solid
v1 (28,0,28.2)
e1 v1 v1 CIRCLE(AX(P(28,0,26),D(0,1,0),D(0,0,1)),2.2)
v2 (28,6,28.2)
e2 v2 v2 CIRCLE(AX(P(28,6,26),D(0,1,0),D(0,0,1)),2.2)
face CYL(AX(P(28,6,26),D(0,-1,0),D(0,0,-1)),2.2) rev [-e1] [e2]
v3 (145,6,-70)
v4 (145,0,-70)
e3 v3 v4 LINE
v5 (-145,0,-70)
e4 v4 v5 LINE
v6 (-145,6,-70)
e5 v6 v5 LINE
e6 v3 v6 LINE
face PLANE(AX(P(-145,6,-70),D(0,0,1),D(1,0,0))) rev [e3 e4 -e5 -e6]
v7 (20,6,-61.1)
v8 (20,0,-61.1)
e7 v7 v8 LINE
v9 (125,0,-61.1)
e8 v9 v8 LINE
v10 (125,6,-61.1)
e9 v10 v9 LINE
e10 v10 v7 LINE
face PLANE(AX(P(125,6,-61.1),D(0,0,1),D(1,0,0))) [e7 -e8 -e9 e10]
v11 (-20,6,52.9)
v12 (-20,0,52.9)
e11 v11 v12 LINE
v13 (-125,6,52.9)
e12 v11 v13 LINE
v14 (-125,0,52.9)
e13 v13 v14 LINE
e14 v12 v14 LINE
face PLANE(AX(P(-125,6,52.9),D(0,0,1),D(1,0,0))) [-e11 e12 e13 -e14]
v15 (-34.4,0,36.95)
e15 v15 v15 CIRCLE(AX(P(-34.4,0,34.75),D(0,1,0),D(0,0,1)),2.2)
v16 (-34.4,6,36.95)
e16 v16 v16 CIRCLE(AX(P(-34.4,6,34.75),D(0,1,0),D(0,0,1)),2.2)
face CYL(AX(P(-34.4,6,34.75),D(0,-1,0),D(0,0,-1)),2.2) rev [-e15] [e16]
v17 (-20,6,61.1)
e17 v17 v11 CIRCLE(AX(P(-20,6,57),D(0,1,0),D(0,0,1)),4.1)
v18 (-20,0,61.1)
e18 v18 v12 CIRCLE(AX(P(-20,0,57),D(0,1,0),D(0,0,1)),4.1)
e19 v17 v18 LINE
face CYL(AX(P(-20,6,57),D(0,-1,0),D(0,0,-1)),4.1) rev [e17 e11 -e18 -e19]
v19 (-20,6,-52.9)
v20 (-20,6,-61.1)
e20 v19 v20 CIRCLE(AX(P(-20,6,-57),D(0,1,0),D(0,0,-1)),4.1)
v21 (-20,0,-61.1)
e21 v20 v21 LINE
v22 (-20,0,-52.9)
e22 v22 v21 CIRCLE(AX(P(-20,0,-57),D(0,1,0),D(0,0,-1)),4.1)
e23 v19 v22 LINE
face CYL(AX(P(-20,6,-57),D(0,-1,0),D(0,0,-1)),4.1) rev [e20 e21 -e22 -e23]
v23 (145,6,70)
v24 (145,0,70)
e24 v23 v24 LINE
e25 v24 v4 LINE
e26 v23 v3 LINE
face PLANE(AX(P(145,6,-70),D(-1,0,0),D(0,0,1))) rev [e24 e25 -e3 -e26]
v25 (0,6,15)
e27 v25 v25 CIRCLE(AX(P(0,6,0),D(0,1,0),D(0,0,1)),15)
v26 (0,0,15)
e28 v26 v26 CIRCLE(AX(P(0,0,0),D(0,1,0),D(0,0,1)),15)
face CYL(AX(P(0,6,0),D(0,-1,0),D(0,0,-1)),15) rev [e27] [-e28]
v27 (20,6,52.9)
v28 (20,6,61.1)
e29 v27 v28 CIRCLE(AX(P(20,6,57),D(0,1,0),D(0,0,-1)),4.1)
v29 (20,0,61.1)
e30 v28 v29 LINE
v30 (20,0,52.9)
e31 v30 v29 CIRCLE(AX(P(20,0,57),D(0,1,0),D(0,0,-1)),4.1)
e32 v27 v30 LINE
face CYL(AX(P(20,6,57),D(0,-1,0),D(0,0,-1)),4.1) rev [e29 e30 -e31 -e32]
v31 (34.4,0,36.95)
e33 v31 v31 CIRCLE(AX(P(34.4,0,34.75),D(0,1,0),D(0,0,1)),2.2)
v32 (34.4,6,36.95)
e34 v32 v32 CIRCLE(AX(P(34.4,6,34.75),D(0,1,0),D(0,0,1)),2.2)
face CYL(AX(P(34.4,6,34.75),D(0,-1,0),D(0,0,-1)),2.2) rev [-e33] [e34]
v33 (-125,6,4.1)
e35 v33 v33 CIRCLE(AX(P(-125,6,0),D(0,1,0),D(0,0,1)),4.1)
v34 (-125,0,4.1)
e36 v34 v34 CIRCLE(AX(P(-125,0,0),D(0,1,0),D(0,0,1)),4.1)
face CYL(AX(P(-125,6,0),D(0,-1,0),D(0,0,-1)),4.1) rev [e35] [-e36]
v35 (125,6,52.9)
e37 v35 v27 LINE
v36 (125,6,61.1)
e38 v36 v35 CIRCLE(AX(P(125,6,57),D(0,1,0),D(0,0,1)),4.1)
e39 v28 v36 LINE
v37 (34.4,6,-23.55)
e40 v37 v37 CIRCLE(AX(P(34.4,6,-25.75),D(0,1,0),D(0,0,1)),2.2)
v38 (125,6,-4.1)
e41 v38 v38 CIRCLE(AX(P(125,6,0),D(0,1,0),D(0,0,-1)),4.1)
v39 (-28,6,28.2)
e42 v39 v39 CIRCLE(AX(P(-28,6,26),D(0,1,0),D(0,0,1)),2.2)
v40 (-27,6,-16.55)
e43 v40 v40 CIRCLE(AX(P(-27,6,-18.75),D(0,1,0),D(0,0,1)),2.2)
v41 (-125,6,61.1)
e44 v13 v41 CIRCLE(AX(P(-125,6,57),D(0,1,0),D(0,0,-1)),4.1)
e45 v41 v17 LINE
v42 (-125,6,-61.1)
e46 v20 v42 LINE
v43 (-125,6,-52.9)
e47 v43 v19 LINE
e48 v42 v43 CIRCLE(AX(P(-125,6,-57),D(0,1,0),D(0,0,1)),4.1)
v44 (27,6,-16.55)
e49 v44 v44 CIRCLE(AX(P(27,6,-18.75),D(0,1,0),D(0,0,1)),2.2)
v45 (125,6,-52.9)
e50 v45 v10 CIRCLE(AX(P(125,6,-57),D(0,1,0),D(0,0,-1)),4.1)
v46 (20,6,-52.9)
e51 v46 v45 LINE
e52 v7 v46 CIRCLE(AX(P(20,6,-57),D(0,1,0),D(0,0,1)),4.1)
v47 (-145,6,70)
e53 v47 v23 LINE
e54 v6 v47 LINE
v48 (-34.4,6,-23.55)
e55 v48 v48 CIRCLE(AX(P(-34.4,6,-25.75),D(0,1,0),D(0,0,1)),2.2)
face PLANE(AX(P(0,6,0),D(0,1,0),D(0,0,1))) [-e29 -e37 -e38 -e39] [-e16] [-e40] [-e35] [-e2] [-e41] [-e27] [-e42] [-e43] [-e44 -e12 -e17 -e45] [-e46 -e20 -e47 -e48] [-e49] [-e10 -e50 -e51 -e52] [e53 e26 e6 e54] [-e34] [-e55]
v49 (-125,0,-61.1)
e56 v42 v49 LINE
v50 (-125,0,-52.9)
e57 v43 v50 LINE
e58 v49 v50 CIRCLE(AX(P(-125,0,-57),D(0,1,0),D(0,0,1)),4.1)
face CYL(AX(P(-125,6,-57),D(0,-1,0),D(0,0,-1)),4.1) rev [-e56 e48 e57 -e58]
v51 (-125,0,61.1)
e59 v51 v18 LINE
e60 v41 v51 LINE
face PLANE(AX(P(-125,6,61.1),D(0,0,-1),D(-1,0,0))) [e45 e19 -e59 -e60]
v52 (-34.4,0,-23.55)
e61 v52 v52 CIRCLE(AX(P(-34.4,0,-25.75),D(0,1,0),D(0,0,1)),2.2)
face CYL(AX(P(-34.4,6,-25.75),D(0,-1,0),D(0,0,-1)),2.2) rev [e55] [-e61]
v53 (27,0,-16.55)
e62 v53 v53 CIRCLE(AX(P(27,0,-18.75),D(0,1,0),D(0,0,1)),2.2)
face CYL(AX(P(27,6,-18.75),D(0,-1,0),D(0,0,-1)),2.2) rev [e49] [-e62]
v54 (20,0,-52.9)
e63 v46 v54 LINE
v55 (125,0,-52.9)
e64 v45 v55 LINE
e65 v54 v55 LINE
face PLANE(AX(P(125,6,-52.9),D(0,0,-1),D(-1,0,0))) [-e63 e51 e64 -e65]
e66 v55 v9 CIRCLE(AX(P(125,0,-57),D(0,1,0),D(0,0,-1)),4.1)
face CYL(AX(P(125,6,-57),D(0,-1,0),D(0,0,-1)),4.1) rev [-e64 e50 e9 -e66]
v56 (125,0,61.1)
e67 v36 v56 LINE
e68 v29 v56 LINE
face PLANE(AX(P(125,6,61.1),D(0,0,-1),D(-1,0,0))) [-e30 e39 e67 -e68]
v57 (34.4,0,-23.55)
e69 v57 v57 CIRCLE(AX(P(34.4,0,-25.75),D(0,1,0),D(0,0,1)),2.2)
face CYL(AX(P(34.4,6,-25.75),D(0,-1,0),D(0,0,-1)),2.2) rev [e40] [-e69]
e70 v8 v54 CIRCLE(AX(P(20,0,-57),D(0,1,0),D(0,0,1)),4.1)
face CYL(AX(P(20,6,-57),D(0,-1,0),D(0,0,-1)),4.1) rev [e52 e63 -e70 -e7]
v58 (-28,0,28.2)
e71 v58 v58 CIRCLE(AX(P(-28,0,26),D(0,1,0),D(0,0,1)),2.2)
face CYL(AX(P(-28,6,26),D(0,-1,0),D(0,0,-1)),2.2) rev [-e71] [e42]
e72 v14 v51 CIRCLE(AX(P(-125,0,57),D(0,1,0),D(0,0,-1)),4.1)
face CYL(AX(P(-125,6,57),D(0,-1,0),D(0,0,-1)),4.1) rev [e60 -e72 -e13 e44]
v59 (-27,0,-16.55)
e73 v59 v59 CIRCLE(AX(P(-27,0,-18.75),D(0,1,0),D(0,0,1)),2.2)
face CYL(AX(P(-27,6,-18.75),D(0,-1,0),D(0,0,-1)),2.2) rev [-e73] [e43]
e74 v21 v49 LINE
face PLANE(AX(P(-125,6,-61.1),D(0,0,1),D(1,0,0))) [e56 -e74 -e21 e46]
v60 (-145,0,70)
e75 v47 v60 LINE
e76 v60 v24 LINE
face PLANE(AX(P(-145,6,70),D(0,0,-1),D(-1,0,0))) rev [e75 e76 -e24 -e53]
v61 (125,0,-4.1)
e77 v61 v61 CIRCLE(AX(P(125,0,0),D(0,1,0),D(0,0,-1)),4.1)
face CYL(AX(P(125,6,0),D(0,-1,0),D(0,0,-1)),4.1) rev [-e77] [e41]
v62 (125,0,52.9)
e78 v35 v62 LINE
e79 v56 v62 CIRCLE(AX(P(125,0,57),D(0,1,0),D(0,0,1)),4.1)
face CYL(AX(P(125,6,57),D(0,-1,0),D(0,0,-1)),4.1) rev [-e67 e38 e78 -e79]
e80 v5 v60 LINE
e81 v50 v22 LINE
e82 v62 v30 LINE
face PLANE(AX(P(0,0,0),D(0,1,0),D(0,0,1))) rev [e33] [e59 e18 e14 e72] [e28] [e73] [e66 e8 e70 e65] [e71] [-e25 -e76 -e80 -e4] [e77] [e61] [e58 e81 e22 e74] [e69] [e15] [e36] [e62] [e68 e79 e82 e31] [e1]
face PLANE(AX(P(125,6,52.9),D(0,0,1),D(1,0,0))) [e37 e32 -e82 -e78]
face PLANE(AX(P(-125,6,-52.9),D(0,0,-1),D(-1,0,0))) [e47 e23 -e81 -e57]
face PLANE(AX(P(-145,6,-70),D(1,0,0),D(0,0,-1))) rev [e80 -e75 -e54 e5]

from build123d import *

# Parameters (mm, degrees)
SKETCH_1_W      = 290
SKETCH_1_H      = 140
SKETCH_1_R      = 4.1
SKETCH_1_R_2    = 15
SKETCH_1_R_3    = 2.2
EXTRUDE_1_DEPTH = 6


with BuildPart() as part:
    # Эскиз1 → Бобышка-Вытянуть1 (new body)
    with BuildSketch(Plane(origin=(0, 0, 0), x_dir=(1, 0, 0), z_dir=(0, 1, 0))):
        Rectangle(SKETCH_1_W, SKETCH_1_H)
        with Locations((-125, 0)):
            Circle(SKETCH_1_R, mode=Mode.SUBTRACT)
        with Locations((125, 0)):
            Circle(SKETCH_1_R, mode=Mode.SUBTRACT)
        Circle(SKETCH_1_R_2, mode=Mode.SUBTRACT)
        with Locations((-34.4, 25.75)):
            Circle(SKETCH_1_R_3, mode=Mode.SUBTRACT)
        with Locations((34.4, 25.75)):
            Circle(SKETCH_1_R_3, mode=Mode.SUBTRACT)
        with Locations((-28, -26)):
            Circle(SKETCH_1_R_3, mode=Mode.SUBTRACT)
        with Locations((-34.4, -34.75)):
            Circle(SKETCH_1_R_3, mode=Mode.SUBTRACT)
        with Locations((-27, 18.75)):
            Circle(SKETCH_1_R_3, mode=Mode.SUBTRACT)
        with Locations((28, -26)):
            Circle(SKETCH_1_R_3, mode=Mode.SUBTRACT)
        with Locations((27, 18.75)):
            Circle(SKETCH_1_R_3, mode=Mode.SUBTRACT)
        with Locations((34.4, -34.75)):
            Circle(SKETCH_1_R_3, mode=Mode.SUBTRACT)
        with BuildLine():
            Line((-125, 61.1), (-20, 61.1))
            ThreePointArc((-20, 61.1), (-15.9, 57), (-20, 52.9))
            Line((-20, 52.9), (-125, 52.9))
            ThreePointArc((-125, 52.9), (-129.1, 57), (-125, 61.1))
        make_face(mode=Mode.SUBTRACT)
        with BuildLine():
            Line((-125, -52.9), (-20, -52.9))
            ThreePointArc((-20, -52.9), (-15.9, -57), (-20, -61.1))
            Line((-20, -61.1), (-125, -61.1))
            ThreePointArc((-125, -61.1), (-129.1, -57), (-125, -52.9))
        make_face(mode=Mode.SUBTRACT)
        with BuildLine():
            Line((125, -61.1), (20, -61.1))
            ThreePointArc((20, -61.1), (15.9, -57), (20, -52.9))
            Line((20, -52.9), (125, -52.9))
            ThreePointArc((125, -52.9), (129.1, -57), (125, -61.1))
        make_face(mode=Mode.SUBTRACT)
        with BuildLine():
            Line((125, 52.9), (20, 52.9))
            ThreePointArc((20, 52.9), (15.9, 57), (20, 61.1))
            Line((20, 61.1), (125, 61.1))
            ThreePointArc((125, 61.1), (129.1, 57), (125, 52.9))
        make_face(mode=Mode.SUBTRACT)
    extrude(amount=EXTRUDE_1_DEPTH)


solid = part.part
